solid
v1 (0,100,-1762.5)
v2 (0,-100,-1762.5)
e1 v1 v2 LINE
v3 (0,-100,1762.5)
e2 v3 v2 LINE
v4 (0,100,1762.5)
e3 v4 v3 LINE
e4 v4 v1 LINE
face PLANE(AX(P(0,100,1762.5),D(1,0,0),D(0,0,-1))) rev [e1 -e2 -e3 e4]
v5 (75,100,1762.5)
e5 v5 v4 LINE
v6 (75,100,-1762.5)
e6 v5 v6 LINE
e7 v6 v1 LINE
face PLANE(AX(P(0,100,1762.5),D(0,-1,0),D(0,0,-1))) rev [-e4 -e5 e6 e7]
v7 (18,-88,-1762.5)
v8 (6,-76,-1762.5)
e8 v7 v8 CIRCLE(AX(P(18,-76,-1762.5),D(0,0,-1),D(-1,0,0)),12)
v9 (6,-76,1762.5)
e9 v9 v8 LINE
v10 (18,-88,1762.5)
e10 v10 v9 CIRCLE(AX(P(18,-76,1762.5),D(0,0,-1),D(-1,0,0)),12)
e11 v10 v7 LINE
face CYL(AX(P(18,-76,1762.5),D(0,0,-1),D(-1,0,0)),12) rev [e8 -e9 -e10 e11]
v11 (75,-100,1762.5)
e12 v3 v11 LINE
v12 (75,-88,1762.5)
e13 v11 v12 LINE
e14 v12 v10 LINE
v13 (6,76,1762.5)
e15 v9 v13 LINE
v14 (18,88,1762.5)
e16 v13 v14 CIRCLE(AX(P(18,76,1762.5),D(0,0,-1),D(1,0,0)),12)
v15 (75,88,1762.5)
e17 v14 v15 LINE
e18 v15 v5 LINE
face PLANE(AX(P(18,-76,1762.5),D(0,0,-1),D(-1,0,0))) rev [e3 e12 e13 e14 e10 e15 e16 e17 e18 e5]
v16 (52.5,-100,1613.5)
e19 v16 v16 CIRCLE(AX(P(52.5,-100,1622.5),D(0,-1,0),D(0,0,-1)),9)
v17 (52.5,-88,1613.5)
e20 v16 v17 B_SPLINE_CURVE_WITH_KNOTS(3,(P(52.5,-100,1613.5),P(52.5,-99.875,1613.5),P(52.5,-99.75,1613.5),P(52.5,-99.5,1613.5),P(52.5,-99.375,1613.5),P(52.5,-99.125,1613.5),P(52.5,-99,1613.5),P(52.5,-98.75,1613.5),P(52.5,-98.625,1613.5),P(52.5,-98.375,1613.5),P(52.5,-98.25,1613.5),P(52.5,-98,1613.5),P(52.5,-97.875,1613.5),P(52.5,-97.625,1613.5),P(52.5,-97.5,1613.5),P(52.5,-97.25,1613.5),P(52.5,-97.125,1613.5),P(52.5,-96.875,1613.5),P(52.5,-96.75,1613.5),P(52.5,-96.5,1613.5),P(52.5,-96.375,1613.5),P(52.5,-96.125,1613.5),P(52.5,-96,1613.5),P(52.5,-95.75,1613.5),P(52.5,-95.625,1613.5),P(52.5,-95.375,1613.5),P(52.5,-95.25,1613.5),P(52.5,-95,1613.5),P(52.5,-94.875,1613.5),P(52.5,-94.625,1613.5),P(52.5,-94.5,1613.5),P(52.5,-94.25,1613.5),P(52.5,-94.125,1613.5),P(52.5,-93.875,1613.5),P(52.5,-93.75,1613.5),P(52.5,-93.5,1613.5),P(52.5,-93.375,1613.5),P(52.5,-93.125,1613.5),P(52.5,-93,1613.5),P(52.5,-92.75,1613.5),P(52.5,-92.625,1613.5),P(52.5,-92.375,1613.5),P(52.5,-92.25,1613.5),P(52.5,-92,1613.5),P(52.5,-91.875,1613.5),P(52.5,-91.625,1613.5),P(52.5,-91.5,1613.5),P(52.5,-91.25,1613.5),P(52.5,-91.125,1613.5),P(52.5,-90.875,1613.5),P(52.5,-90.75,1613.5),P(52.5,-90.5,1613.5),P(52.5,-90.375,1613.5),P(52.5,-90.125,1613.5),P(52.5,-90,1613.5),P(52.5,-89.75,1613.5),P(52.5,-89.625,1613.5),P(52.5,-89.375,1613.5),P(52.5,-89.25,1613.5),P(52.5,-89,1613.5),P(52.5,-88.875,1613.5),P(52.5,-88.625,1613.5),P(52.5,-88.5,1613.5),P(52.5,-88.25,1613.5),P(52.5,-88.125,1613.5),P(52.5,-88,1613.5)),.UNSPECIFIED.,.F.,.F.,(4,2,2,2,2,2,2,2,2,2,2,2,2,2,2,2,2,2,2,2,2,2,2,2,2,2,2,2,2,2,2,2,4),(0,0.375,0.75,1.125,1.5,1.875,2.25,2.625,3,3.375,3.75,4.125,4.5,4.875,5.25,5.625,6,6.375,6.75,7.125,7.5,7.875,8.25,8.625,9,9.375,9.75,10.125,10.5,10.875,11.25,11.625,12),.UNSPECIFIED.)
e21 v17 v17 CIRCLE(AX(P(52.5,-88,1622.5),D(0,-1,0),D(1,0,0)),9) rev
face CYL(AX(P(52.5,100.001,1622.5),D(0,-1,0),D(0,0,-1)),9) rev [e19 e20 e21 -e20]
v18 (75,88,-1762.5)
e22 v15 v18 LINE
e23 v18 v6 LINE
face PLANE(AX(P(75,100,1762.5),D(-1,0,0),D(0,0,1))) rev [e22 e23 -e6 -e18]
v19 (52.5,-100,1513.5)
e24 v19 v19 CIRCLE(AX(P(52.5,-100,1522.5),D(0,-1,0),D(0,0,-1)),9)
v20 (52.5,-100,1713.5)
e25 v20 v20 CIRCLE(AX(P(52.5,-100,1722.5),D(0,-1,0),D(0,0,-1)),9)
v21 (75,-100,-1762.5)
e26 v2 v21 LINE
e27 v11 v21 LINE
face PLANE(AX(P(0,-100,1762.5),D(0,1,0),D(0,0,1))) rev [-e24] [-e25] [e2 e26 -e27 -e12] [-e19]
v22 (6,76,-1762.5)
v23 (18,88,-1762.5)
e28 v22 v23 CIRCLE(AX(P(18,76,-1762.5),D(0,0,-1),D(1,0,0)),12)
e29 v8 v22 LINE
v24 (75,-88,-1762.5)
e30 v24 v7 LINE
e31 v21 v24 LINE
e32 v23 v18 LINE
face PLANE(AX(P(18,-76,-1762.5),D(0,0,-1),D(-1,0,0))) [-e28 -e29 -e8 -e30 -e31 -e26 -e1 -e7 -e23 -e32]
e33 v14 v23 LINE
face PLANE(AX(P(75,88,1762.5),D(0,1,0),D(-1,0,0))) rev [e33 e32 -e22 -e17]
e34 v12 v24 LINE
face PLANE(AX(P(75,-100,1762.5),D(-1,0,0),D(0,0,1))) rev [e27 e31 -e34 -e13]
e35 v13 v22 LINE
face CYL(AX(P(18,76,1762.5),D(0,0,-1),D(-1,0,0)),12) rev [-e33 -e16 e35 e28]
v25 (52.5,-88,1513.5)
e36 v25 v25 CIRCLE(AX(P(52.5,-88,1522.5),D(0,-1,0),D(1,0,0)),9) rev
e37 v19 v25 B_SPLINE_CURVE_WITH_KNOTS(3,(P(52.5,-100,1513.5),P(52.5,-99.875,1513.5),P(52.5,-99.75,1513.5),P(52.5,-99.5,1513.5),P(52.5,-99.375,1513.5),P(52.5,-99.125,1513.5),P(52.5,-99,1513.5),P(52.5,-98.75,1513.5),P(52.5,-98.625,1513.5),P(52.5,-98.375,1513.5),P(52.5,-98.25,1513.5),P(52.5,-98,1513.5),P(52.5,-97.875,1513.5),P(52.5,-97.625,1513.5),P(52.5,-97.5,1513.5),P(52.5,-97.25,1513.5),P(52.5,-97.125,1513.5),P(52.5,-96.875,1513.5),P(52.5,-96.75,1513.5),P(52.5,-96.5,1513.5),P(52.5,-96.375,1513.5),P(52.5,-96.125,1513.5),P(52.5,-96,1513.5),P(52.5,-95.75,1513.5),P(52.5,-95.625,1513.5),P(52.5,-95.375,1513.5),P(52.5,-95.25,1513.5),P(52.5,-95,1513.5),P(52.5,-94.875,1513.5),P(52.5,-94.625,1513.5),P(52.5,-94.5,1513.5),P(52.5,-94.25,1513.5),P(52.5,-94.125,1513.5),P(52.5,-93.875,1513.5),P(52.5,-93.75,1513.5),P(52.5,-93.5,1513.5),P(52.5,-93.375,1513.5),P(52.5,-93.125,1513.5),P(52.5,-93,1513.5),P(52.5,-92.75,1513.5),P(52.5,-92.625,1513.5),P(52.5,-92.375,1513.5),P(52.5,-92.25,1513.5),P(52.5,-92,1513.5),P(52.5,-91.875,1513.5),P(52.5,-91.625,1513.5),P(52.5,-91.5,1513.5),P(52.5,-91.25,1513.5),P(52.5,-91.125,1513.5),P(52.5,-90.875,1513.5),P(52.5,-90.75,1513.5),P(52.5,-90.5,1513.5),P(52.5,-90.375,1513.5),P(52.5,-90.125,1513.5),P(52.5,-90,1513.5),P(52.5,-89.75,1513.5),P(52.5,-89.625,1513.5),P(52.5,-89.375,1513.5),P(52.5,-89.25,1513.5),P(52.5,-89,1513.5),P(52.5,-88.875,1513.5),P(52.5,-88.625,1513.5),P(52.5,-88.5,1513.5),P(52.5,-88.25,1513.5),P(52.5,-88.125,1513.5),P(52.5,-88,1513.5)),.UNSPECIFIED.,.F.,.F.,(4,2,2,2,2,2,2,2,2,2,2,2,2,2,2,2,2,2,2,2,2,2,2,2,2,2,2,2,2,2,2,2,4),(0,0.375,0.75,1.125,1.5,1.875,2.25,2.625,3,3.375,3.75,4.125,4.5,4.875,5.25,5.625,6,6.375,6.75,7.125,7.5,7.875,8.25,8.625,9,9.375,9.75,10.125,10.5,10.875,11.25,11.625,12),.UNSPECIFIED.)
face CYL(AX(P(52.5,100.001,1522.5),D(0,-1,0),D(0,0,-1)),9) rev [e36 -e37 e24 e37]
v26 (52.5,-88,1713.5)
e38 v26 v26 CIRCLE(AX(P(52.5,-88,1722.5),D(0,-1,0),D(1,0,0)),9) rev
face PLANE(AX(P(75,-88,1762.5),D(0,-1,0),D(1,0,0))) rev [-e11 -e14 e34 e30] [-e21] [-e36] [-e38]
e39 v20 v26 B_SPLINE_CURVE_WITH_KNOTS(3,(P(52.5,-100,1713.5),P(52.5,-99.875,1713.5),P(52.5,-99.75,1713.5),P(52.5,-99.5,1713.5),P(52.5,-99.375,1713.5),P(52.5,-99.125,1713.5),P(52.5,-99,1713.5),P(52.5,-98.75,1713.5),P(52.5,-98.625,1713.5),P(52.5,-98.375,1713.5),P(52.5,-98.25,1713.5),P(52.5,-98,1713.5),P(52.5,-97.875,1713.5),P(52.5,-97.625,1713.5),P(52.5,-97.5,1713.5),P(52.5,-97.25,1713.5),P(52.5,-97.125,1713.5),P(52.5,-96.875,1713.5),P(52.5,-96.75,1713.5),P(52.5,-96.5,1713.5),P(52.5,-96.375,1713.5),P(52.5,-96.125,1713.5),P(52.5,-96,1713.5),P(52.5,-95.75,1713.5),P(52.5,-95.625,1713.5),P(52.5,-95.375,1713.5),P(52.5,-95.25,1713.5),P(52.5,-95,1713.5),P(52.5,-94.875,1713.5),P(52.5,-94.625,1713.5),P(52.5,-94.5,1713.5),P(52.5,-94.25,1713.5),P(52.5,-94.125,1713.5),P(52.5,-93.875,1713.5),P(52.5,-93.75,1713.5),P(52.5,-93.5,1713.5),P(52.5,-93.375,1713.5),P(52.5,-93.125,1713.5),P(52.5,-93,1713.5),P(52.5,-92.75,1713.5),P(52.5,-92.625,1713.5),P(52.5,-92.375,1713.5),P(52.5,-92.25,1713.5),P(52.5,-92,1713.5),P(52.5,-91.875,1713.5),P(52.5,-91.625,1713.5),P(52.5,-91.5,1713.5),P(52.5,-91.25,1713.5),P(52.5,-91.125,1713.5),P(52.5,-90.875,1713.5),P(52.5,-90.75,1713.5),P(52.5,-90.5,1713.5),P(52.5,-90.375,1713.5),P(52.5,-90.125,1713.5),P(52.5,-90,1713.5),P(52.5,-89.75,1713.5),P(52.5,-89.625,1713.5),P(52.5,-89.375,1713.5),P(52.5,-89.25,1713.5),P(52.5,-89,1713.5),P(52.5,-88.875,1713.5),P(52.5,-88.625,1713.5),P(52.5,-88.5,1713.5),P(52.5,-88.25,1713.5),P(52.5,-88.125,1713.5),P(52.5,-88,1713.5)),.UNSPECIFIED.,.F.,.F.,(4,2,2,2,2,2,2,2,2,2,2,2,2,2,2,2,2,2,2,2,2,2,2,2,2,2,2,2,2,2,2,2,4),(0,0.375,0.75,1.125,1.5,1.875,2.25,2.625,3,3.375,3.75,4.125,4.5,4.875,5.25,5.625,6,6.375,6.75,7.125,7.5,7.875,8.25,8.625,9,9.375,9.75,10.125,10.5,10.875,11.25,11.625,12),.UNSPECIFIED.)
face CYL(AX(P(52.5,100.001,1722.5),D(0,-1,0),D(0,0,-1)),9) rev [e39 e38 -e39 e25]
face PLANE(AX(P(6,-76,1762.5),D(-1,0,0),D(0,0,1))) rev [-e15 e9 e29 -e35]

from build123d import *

# Parameters (mm, degrees)
BOSS_EXTRUDE1_DEPTH = 1762.5
CUT_EXTRUDE1_REACH  = 1777.396
SKETCH2_R           = 9


with BuildPart() as part:
    # Sketch1 → Boss-Extrude1 (new, symmetric)
    with BuildSketch(Plane.XY):
        with BuildLine():
            Line((0, 100), (0, -100))
            Line((0, -100), (75, -100))
            Line((75, -100), (75, -88))
            Line((75, -88), (18, -88))
            ThreePointArc((18, -88), (9.514718626, -84.485281374), (6, -76))
            Line((6, -76), (6, 76))
            ThreePointArc((6, 76), (9.514718626, 84.485281374), (18, 88))
            Line((18, 88), (75, 88))
            Line((75, 88), (75, 100))
            Line((75, 100), (0, 100))
        make_face()
    extrude(amount=BOSS_EXTRUDE1_DEPTH, both=True)

    # Sketch2 → Cut-Extrude1 (cut, up to next)
    with BuildSketch(Plane.XZ.offset(100), mode=Mode.PRIVATE) as cut_extrude1_sk1:
        with Locations(Location((52.5, 1722.5, 0), (0, 0, 270))):
            Circle(SKETCH2_R)
    cut_extrude1_tool1 = extrude(cut_extrude1_sk1.sketch, amount=-CUT_EXTRUDE1_REACH, mode=Mode.PRIVATE) & part.part
    # Sketch2 → Cut-Extrude1 (cut, up to next)
    with BuildSketch(Plane.XZ.offset(100), mode=Mode.PRIVATE) as cut_extrude1_sk2:
        with Locations(Location((52.5, 1622.5, 0), (0, 0, 270))):
            Circle(SKETCH2_R)
    cut_extrude1_tool2 = extrude(cut_extrude1_sk2.sketch, amount=-CUT_EXTRUDE1_REACH, mode=Mode.PRIVATE) & part.part
    # Sketch2 → Cut-Extrude1 (cut, up to next)
    with BuildSketch(Plane.XZ.offset(100), mode=Mode.PRIVATE) as cut_extrude1_sk3:
        with Locations(Location((52.5, 1522.5, 0), (0, 0, 270))):
            Circle(SKETCH2_R)
    cut_extrude1_tool3 = extrude(cut_extrude1_sk3.sketch, amount=-CUT_EXTRUDE1_REACH, mode=Mode.PRIVATE) & part.part
    add(cut_extrude1_tool1.solids().sort_by_distance((52.5, -100, 1722.5))[0], mode=Mode.SUBTRACT)
    add(cut_extrude1_tool2.solids().sort_by_distance((52.5, -100, 1622.5))[0], mode=Mode.SUBTRACT)
    add(cut_extrude1_tool3.solids().sort_by_distance((52.5, -100, 1522.5))[0], mode=Mode.SUBTRACT)


solid = part.part
